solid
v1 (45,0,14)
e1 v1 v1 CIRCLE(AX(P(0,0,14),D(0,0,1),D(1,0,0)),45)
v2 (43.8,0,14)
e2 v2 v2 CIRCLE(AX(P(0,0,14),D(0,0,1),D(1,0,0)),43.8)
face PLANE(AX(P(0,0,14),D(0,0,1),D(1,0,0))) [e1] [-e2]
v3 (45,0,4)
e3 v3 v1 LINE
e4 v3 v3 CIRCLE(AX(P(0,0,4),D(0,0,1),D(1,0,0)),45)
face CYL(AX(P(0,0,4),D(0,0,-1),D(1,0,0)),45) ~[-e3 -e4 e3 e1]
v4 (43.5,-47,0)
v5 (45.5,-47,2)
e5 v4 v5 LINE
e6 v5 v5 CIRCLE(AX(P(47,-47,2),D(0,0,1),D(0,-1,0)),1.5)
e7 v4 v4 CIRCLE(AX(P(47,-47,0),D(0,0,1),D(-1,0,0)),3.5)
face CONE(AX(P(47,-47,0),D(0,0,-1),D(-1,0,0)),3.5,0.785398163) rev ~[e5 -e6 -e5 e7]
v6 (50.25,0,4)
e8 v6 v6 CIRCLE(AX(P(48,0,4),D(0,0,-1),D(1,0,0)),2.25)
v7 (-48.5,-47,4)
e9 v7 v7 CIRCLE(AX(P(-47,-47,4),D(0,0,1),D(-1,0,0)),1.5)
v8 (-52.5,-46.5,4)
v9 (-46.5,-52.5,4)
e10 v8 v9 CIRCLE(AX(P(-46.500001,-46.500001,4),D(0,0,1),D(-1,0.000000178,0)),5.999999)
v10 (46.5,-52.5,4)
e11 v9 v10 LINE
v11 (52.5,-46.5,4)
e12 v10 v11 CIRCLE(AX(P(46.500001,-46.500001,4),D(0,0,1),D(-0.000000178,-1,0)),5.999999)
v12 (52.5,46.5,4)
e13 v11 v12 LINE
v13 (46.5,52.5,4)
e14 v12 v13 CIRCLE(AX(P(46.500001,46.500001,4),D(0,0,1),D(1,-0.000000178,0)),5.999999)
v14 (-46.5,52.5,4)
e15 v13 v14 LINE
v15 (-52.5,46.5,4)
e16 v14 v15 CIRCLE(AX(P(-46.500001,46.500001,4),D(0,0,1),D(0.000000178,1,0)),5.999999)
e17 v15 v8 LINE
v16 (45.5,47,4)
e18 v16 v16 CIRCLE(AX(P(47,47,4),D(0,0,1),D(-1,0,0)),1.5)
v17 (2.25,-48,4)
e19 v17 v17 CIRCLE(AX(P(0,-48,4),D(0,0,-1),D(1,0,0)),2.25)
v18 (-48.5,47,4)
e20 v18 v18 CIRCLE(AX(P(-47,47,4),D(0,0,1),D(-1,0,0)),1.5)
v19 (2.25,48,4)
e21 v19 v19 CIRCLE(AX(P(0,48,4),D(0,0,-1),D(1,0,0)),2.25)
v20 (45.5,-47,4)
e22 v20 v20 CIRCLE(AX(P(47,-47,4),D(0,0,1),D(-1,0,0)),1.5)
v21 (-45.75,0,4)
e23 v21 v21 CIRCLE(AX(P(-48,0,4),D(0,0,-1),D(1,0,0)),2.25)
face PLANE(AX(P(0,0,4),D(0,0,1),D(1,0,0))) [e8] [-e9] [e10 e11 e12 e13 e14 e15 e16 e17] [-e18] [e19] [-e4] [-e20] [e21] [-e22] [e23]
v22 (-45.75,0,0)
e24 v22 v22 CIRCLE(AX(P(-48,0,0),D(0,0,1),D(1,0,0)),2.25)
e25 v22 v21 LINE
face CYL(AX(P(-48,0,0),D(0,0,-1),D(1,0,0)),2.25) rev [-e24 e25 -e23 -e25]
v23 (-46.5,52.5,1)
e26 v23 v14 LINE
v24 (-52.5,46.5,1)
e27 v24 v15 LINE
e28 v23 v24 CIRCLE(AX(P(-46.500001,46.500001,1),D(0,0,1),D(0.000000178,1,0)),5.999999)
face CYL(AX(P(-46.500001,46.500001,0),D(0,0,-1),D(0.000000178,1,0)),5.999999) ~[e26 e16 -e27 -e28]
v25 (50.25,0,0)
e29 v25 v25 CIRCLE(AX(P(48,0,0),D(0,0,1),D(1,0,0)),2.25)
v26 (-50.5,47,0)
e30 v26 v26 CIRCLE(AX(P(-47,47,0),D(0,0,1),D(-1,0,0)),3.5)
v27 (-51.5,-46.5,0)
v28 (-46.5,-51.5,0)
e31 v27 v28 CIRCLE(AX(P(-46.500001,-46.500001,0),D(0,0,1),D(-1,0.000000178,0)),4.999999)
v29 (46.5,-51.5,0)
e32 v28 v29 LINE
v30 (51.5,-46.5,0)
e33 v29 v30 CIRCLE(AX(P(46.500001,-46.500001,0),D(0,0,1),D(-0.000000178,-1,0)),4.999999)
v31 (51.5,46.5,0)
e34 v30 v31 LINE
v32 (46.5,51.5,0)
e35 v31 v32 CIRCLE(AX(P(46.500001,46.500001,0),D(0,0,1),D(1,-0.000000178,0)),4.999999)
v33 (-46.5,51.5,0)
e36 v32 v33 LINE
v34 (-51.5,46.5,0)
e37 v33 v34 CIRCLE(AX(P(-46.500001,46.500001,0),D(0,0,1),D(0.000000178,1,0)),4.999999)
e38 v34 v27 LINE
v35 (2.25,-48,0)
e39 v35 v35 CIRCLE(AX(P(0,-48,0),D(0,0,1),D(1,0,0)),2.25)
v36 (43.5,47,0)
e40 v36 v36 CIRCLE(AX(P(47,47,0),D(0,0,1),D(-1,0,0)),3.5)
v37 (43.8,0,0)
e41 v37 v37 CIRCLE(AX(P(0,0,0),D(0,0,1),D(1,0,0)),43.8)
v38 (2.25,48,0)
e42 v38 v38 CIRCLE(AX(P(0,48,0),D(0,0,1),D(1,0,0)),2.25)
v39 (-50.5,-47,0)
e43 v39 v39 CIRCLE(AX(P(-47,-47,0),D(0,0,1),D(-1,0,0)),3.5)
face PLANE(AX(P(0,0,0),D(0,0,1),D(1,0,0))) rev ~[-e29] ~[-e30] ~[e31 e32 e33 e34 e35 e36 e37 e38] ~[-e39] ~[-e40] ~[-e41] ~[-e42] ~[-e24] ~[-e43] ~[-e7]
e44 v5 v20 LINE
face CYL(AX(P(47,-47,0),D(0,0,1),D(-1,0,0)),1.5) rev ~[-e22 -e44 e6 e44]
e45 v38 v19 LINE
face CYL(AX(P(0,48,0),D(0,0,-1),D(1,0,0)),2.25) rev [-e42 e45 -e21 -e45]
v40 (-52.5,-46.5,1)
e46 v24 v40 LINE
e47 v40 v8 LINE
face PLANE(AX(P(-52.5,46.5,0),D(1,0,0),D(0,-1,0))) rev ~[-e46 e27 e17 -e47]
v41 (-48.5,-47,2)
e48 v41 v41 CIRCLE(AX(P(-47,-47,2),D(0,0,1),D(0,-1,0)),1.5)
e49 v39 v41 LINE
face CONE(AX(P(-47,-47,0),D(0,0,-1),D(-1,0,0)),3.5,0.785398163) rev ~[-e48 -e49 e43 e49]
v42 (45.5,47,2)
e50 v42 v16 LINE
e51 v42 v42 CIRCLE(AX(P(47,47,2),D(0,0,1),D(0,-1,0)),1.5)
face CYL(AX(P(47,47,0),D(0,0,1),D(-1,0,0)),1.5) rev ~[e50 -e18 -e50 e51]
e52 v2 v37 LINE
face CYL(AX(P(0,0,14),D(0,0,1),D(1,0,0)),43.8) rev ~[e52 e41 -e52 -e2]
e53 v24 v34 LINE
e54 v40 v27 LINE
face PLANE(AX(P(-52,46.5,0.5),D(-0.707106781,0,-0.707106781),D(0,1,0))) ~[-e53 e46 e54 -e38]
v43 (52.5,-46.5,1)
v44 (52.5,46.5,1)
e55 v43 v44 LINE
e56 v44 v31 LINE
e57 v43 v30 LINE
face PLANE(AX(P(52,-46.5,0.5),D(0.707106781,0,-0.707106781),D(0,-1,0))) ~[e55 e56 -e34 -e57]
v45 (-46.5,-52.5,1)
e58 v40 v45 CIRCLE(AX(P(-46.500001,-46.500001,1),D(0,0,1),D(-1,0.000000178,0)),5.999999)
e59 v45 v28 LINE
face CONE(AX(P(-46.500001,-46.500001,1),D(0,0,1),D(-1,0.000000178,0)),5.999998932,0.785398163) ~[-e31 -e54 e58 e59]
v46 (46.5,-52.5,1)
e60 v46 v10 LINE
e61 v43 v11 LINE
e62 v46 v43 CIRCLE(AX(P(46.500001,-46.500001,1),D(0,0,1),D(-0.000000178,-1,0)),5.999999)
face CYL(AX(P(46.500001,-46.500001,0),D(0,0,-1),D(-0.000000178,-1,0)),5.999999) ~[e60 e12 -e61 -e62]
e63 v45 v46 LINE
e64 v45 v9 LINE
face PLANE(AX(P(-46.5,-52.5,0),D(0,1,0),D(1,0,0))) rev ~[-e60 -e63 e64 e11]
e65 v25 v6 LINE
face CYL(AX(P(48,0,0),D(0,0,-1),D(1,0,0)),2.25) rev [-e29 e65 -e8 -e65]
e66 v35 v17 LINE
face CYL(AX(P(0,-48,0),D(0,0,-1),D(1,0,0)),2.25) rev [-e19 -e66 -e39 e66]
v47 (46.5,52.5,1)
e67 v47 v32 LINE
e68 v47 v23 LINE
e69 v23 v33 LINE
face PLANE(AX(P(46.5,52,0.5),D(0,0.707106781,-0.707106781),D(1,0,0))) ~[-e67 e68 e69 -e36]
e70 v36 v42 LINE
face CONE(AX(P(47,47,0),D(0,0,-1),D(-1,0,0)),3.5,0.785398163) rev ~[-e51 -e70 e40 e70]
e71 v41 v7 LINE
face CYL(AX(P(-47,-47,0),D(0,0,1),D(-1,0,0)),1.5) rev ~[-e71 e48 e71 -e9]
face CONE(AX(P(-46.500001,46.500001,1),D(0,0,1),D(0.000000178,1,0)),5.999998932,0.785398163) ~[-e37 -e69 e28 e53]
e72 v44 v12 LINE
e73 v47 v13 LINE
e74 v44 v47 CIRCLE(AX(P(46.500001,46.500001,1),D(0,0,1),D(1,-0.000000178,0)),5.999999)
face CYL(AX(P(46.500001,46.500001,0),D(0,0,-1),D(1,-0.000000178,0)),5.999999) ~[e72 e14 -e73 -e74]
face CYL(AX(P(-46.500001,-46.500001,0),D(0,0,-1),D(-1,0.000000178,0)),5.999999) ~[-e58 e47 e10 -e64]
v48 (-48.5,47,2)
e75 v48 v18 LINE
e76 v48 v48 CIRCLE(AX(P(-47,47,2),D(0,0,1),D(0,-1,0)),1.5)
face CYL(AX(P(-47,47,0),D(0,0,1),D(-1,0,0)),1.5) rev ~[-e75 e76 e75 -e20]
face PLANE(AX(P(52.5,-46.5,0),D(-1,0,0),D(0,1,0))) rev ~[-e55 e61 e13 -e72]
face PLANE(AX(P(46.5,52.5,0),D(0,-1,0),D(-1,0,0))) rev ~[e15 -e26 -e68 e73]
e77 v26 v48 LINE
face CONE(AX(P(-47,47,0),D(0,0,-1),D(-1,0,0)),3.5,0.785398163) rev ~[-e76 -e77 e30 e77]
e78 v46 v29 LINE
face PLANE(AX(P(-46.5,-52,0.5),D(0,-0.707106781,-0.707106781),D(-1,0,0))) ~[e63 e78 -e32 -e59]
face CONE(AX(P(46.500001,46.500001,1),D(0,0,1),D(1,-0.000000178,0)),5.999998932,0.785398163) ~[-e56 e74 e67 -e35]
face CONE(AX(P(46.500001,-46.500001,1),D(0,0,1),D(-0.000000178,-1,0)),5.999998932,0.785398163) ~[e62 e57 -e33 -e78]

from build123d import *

# Parameters (mm, degrees)
PAD_DEPTH        = 4
HOLE_D           = 3
HOLE_CSINK_D     = 7
HOLE_CSINK_ANGLE = 90
SKETCH002_R      = 45
PAD001_DEPTH     = 10
SKETCH003_R      = 43.8
POCKET_DEPTH     = 14.001
SKETCH004_R      = 2.25
HOLE001_DEPTH    = 25
CHAMFER_SIZE     = 1


with BuildPart() as part:
    # Sketch → Pad (new body)
    with BuildSketch(Plane.XY):
        with BuildLine():
            Line((-52.5, 46.5), (-52.5, -46.5))
            ThreePointArc((-52.5, -46.5), (-50.742641, -50.742641), (-46.5, -52.5))
            Line((-46.5, -52.5), (46.5, -52.5))
            ThreePointArc((46.5, -52.5), (50.742641, -50.742641), (52.5, -46.5))
            Line((52.5, -46.5), (52.5, 46.5))
            ThreePointArc((52.5, 46.5), (50.742641, 50.742641), (46.5, 52.5))
            Line((46.5, 52.5), (-46.5, 52.5))
            ThreePointArc((-46.5, 52.5), (-50.742641, 50.742641), (-52.5, 46.5))
        make_face()
    extrude(amount=PAD_DEPTH)

    # Hole (through all)
    with Locations(Plane(origin=(0, 0, 0), x_dir=(1, 0, 0), z_dir=(0, 0, -1))):
        with Locations((-47, -47), (47, -47), (47, 47), (-47, 47)):
            CounterSinkHole(HOLE_D / 2, HOLE_CSINK_D / 2, counter_sink_angle=HOLE_CSINK_ANGLE)

    # Sketch002 (on DatumPlane) → Pad001 (join)
    with BuildSketch(Plane.XY.offset(4)):
        Circle(SKETCH002_R)
    extrude(amount=PAD001_DEPTH)

    # Sketch003 (on Face20 of Pad001) → Pocket (cut, through all)
    with BuildSketch(Plane.XY.offset(14)):
        Circle(SKETCH003_R)
    extrude(amount=-POCKET_DEPTH, mode=Mode.SUBTRACT)

    # Sketch004 → Hole001 (cut)
    with BuildSketch(Plane.XY):
        with Locations((0, 48)):
            Circle(SKETCH004_R)
        with Locations((48, 0)):
            Circle(SKETCH004_R)
        with Locations((0, -48)):
            Circle(SKETCH004_R)
        with Locations((-48, 0)):
            Circle(SKETCH004_R)
    extrude(amount=HOLE001_DEPTH, mode=Mode.SUBTRACT)

    # Chamfer
    chamfer_edges = [part.edges().sort_by_distance(p)[0] for p in [
        (-52.5, 0, 0),
    ]]
    chamfer(chamfer_edges, length=CHAMFER_SIZE)


solid = part.part
